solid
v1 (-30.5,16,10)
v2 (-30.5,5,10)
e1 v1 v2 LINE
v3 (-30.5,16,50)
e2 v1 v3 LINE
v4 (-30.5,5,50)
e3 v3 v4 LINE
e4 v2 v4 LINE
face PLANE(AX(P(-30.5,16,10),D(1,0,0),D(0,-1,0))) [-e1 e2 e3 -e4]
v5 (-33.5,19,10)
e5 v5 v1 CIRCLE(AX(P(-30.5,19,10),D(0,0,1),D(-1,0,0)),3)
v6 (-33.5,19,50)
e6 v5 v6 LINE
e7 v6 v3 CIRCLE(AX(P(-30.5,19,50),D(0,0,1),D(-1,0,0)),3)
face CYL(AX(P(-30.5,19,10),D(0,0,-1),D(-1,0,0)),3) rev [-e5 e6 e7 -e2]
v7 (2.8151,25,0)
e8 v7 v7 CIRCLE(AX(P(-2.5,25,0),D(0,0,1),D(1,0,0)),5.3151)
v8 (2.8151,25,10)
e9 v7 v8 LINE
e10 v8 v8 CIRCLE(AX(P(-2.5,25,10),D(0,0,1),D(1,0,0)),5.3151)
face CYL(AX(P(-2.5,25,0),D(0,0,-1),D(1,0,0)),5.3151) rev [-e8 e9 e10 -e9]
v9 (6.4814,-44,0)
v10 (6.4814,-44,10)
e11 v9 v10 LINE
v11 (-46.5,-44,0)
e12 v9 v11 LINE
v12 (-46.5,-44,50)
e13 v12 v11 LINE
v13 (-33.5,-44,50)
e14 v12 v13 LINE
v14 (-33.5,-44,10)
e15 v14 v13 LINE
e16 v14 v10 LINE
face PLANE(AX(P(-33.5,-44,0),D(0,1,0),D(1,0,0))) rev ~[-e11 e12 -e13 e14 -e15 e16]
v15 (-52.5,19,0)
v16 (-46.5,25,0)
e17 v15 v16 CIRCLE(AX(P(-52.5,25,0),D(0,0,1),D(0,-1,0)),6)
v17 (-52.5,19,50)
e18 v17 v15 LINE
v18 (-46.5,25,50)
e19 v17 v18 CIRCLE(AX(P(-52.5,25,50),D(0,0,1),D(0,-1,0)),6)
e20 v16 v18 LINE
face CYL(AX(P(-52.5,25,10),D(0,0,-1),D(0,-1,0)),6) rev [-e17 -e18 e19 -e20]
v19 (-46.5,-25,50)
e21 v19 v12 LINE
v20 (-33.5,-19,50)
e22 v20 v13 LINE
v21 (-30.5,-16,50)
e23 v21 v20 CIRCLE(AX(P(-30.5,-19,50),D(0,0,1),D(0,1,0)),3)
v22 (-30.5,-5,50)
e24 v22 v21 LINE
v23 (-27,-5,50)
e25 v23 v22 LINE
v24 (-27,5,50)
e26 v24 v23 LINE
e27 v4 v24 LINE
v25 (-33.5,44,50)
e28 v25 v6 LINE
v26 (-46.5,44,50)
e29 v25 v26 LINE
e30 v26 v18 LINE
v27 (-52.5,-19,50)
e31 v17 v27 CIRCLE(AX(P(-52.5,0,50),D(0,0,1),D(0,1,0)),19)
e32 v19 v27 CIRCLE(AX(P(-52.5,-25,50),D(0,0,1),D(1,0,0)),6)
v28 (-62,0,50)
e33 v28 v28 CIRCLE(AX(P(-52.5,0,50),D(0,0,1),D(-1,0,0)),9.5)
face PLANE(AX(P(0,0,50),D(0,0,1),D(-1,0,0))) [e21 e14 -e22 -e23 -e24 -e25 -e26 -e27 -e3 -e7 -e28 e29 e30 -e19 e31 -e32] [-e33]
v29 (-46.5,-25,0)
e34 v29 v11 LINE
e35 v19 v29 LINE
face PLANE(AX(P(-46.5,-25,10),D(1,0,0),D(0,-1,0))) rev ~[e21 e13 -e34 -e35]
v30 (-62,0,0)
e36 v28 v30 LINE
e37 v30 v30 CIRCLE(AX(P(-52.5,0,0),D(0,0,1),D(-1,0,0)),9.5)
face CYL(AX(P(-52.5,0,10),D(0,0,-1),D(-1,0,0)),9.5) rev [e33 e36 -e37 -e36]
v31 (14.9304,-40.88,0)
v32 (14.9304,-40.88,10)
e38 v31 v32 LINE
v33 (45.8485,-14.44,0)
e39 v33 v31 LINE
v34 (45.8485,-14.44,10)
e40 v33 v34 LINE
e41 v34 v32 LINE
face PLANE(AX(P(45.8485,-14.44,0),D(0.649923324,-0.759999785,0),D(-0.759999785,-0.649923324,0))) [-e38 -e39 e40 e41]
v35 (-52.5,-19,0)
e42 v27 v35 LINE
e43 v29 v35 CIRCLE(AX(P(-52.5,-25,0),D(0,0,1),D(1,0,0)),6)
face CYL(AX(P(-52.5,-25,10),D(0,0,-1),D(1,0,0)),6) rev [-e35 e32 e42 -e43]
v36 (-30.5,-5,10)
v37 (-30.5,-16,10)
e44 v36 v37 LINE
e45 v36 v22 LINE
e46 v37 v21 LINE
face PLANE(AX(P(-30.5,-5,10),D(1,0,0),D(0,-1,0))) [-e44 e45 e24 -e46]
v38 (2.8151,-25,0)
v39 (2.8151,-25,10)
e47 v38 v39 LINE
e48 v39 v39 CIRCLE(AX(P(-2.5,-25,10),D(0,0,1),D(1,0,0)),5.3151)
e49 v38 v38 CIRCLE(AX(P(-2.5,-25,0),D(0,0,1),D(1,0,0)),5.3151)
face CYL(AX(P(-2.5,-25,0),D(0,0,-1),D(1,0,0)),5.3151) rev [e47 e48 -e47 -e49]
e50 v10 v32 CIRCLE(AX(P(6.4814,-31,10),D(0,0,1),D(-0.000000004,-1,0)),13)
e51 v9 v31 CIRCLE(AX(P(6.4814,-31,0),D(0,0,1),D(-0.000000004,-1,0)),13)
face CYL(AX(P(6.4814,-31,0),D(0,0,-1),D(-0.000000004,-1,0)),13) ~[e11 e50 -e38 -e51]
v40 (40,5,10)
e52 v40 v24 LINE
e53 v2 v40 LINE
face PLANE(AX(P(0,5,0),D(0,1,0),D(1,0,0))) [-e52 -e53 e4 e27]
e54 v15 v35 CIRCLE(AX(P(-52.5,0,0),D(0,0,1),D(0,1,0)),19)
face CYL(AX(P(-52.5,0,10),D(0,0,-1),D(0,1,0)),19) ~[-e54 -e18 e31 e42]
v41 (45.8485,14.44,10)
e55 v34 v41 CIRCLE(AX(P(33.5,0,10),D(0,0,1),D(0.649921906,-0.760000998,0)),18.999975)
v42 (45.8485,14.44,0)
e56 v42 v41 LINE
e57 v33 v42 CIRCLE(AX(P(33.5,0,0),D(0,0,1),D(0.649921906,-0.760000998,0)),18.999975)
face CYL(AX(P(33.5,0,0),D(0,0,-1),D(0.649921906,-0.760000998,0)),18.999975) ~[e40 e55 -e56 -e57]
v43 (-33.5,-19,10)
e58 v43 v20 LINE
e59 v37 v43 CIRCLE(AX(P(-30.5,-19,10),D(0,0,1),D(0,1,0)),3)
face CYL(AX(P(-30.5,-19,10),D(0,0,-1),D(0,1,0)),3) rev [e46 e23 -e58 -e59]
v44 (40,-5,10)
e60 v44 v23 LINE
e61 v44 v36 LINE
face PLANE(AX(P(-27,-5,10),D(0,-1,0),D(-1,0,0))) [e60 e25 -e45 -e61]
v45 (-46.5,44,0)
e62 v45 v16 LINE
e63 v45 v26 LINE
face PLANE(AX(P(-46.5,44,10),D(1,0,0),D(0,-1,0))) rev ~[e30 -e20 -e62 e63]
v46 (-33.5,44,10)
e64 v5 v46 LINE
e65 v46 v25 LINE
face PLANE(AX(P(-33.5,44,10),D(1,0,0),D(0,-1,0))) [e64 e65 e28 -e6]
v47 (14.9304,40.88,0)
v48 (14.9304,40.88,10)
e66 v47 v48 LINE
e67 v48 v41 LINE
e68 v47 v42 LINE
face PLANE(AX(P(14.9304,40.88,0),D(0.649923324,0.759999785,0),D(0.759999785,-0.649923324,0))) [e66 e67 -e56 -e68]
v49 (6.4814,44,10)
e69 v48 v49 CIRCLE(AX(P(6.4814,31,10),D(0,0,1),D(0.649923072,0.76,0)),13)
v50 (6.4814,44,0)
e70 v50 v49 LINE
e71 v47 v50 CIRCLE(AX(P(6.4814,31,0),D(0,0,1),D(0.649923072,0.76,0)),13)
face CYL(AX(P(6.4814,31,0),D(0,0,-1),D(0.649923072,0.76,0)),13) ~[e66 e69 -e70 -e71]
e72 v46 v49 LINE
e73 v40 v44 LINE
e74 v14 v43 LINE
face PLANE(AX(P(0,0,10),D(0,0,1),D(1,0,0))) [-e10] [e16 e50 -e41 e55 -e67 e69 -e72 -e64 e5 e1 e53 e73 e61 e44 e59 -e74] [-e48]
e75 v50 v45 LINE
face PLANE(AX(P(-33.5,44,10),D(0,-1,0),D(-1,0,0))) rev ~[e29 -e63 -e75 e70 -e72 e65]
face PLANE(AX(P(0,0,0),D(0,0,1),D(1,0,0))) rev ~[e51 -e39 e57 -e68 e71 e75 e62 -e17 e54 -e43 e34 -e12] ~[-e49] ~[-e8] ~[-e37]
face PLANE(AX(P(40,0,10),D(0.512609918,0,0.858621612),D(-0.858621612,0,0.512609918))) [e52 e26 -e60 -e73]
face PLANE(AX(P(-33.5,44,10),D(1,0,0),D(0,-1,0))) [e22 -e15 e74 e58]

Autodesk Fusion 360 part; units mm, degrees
sketch "Base 1" plane through (0, 0, 0) normal (0, 0, 1) x (1, 0, 0)
  line L0 (6.4814, 44) -> (-33.5, 44)
  line L1 (-33.5, 44) -> (-33.5, -44)
  line L2 (-33.5, -44) -> (6.4814, -44)
  line L3 (-33.5, -25) -> (-33.5, 25) construction
  line L4 (45.8485, -14.44) -> (14.9304, -40.88)
  line L5 (33.5, 25) -> (45.8485, 14.44) construction
  line L6 (14.9304, 40.88) -> (45.8485, 14.44)
  arc A0 (6.4814, -44) -> (14.9304, -40.88) centre (6.4814, -31) ccw
  arc A1 (14.9304, 40.88) -> (6.4814, 44) centre (6.4814, 31) ccw
  circle A2 centre (-2.5, -25) radius 5.3151
  circle A3 centre (-2.5, 25) radius 5.3151
  arc A4 (45.8485, -14.44) -> (45.8485, 14.44) centre (33.5, 0) ccw
  dimension "d2" = 88
  dimension "d4" = 50
  dimension "d6" = 38
  dimension "d7" = 13
  dimension "d8" = 13
  dimension "d9" = 31
  dimension "d10" = 10.6301
extrude "Extrude1" add sketch "Base 1" along normal blind 10
sketch "Base 2" plane through (0, 0, 10) normal (0, 0, 1) x (-1, 0, 0)
  circle A0 centre (2.5, 25) radius 5.3151
  circle A1 centre (2.5, -25) radius 5.3151
  arc A2 (-14.9304, -40.88) -> (-6.4814, -44) centre (-6.4814, -31) ccw
  line L0 (-6.4814, -44) -> (33.5, -44)
  line L1 (33.5, -44) -> (33.5, 44)
  line L2 (33.5, 44) -> (-6.4814, 44)
  arc A3 (-6.4814, 44) -> (-14.9304, 40.88) centre (-6.4814, 31) ccw
  line L3 (-14.9304, 40.88) -> (-45.8485, 14.44)
  arc A4 (-45.8485, 14.44) -> (-45.8485, -14.44) centre (-33.5, 0) ccw
  line L4 (-45.8485, -14.44) -> (-14.9304, -40.88)
  line L5 (33.5, -44) -> (46.5, -44)
  line L6 (46.5, -44) -> (46.5, -25)
  line L7 (46.5, 44) -> (33.5, 44)
  line L8 (33.5, 44) -> (33.5, 19)
  line L9 (30.5, 16) -> (30.5, 16)
  line L10 (30.5, -16) -> (30.5, -16)
  arc A5 (30.5, 16) -> (33.5, 19) centre (30.5, 19) ccw
  line L11 (33.5, -44) -> (33.5, -19)
  arc A6 (33.5, -19) -> (30.5, -16) centre (30.5, -19) ccw
  circle A7 centre (52.5, 0) radius 9.5
  line L12 (52.5, -19) -> (52.5, -19) construction
  arc A8 (52.5, -19) -> (46.5, -25) centre (52.5, -25) ccw
  line L13 (46.5, 25) -> (46.5, 44)
  line L14 (52.5, 19) -> (52.5, 19) construction
  arc A9 (46.5, 25) -> (52.5, 19) centre (52.5, 25) ccw
  line L15 (27, -5) -> (30.5, -5) construction
  line L16 (27, 5) -> (27, -5) construction
  line L17 (30.5, -5) -> (27, -5)
  line L18 (27, -5) -> (27, 5)
  line L19 (27, 5) -> (30.5, 5)
  line L20 (30.5, -16) -> (30.5, -5)
  line L21 (30.5, 5) -> (30.5, 16)
  arc A10 (52.5, -19) -> (52.5, 19) centre (52.5, 0) ccw
  line L22 (26.5, -46.8903) -> (26.5, -44) construction
  line L23 (26.5, 44) -> (26.5, 65) construction
  line L24 (30.5, 5) -> (27, 5) construction
  point P0 (30.5, 0)
  dimension "d13" = 13
  dimension "d14" = 88
  dimension "d17" = 3
  dimension "d18" = 3
  dimension "d20" = 19
  dimension "d21" = 38
  dimension "d22" = 6
  dimension "d23" = 6
extrude "Extrude2" add sketch "Base 2" against normal blind 10 contours L1 L5 L6 L7 L8 L11 A8 L13 A9 A10
extrude "Extrude3" add sketch "Base 2" along normal blind 40 contours L1 L5 L6 L7 L8 L11 A8 L13 A9 A10
extrude "Extrude4" add sketch "Base 2" along normal blind 40 contours L1 A5 A6 L17 L18 L19 L20 L21
sketch "Triangle" plane through (0, 0, 0) normal (0, 1, 0) x (1, 0, 0)
  line L0 (-27, -10) -> (40, -10)
  line L1 (40, -10) -> (-27, -50)
  line L2 (-27, -50) -> (-27, -10)
  dimension "d32" = 67
extrude "Extrude5" add sketch "Triangle" along normal mid plane 10
